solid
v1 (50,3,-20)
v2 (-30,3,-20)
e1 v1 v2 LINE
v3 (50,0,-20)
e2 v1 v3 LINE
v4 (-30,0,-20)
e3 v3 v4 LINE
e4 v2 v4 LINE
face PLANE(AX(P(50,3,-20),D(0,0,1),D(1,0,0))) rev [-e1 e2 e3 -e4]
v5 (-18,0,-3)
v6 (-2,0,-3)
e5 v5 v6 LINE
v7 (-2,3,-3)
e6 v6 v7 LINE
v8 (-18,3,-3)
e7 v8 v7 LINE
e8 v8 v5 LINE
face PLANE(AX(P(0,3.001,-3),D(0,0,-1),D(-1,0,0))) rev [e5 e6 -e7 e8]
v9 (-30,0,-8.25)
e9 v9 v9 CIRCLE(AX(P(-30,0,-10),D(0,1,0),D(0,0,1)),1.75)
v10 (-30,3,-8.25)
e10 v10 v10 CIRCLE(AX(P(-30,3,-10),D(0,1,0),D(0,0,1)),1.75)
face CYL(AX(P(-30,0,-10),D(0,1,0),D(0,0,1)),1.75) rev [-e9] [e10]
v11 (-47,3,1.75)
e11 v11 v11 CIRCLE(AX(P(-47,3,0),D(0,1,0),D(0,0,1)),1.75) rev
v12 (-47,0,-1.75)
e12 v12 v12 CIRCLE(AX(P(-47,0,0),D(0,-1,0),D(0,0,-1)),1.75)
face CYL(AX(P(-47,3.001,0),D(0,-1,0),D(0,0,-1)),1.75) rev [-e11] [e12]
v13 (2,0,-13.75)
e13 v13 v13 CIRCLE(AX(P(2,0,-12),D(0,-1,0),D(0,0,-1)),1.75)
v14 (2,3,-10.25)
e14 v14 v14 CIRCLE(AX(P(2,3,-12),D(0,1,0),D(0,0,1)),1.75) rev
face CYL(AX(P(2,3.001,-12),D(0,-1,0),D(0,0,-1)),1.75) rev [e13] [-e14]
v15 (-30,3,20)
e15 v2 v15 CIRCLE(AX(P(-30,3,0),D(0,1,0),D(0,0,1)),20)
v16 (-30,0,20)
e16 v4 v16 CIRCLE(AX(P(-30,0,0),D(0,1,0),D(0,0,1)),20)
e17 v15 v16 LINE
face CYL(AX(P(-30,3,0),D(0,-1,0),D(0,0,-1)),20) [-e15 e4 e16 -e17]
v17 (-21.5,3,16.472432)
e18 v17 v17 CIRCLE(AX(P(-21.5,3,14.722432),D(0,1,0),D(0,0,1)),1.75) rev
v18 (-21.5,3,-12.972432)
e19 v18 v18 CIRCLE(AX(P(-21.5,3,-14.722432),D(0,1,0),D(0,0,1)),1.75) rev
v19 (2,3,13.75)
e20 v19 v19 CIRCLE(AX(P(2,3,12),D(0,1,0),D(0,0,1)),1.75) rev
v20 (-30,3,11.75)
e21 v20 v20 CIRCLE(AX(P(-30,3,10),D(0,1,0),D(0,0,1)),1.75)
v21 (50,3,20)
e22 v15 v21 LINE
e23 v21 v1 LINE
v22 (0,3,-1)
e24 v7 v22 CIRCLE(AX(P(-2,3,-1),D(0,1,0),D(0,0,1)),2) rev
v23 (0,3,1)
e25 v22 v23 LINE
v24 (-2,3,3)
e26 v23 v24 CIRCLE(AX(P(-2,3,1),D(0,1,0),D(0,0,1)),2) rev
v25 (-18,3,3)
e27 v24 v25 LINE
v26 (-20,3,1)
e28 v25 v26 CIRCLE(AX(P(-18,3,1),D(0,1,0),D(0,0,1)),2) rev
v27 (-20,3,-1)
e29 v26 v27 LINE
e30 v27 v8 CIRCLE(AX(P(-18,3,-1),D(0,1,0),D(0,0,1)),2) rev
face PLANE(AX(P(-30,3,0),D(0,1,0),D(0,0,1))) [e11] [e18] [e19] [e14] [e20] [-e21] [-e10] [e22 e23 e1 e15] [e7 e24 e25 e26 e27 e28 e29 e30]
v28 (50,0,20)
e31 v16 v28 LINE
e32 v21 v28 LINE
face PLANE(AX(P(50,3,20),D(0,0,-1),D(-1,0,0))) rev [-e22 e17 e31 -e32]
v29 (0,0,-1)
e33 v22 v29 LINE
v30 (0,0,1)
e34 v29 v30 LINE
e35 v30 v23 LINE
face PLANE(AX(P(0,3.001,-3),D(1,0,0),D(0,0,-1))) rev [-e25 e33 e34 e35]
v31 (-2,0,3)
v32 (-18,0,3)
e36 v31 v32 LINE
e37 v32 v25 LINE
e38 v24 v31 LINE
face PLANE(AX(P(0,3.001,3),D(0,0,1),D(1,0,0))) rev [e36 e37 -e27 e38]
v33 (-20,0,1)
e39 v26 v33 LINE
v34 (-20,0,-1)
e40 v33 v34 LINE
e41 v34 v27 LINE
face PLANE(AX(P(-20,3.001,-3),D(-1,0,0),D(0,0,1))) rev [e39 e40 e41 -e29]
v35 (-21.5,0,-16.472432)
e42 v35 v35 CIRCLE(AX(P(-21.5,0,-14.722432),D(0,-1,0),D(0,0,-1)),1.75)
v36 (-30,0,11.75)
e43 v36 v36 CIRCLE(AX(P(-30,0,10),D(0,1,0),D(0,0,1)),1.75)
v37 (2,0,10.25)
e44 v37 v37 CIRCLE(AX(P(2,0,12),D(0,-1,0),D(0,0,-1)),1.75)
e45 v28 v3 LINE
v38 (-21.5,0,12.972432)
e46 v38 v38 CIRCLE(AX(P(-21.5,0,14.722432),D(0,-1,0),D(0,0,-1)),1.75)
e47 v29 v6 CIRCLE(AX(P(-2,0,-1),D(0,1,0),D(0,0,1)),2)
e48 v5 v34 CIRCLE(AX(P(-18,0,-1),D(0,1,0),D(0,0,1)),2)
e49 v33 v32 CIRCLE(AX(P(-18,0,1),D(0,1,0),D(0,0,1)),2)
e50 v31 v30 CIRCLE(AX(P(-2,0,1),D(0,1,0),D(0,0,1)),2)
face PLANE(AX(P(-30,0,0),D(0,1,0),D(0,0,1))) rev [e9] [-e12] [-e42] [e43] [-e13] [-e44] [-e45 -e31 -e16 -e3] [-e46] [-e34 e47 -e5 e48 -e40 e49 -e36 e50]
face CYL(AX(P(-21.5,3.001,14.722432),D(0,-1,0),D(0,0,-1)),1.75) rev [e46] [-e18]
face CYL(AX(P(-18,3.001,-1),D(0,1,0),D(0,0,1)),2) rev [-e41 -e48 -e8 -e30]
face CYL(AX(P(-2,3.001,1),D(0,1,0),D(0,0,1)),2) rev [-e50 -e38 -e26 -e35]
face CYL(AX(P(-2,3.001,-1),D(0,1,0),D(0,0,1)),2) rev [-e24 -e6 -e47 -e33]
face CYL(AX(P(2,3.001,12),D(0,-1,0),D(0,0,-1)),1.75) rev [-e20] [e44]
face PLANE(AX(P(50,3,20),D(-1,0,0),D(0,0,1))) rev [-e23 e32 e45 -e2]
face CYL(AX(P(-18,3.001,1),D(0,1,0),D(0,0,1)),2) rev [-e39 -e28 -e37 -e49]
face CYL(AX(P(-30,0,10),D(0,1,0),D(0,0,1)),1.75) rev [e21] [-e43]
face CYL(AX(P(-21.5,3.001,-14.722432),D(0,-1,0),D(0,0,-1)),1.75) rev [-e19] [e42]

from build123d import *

# Parameters (mm, degrees)
BOSS_EXTRUDE1_DEPTH = 3
SKETCH3_R           = 1.75
CUT_EXTRUDE1_DEPTH  = 4
CUT_EXTRUDE2_REACH  = 5
SKETCH4_W           = 20
SKETCH4_H           = 6
FILLET1_R           = 2
CUT_EXTRUDE3_REACH  = 5
SKETCH5_R           = 1.75
CUT_EXTRUDE4_REACH  = 5
SKETCH7_R           = 1.75


with BuildPart() as part:
    # Sketch1 → Boss-Extrude1 (new body)
    with BuildSketch(Plane(origin=(0, 0, 0), x_dir=(1, 0, 0), z_dir=(0, 1, 0))):
        with BuildLine():
            Line((50, -20), (-30, -20))
            ThreePointArc((-30, -20), (-50, 0), (-30, 20))
            Line((-30, 20), (50, 20))
            Line((50, 20), (50, -20))
        make_face()
    extrude(amount=BOSS_EXTRUDE1_DEPTH)

    # Sketch3 → Cut-Extrude1 (cut, through all)
    with BuildSketch(Plane(origin=(0, 3, 0), x_dir=(1, 0, 0), z_dir=(0, 1, 0))):
        with Locations((-30, 10)):
            Circle(SKETCH3_R)
        with Locations((-30, -10)):
            Circle(SKETCH3_R)
    extrude(amount=-CUT_EXTRUDE1_DEPTH, mode=Mode.SUBTRACT)

    # Sketch4 → Cut-Extrude2 (cut, up to next)
    with BuildSketch(Plane.XZ, mode=Mode.PRIVATE) as cut_extrude2_sk1:
        with Locations((-10, 0)):
            Rectangle(SKETCH4_W, SKETCH4_H)
    cut_extrude2_tool1 = extrude(cut_extrude2_sk1.sketch, amount=-CUT_EXTRUDE2_REACH, mode=Mode.PRIVATE) & part.part
    add(cut_extrude2_tool1.solids().sort_by_distance((-10, 0, 0))[0], mode=Mode.SUBTRACT)

    # Fillet1
    fillet1_edges = [part.edges().sort_by_distance(p)[0] for p in [
        (-20, 1.5, -3),
        (-20, 1.5, 3),
        (0, 1.5, 3),
        (0, 1.5, -3),
    ]]
    fillet(fillet1_edges, radius=FILLET1_R)

    # Sketch5 → Cut-Extrude3 (cut, up to next)
    with BuildSketch(Plane.XZ, mode=Mode.PRIVATE) as cut_extrude3_sk1:
        with Locations((-21.5, -14.722431864)):
            Circle(SKETCH5_R)
    cut_extrude3_tool1 = extrude(cut_extrude3_sk1.sketch, amount=-CUT_EXTRUDE3_REACH, mode=Mode.PRIVATE) & part.part
    add(cut_extrude3_tool1.solids().sort_by_distance((-21.5, 0, -14.722432))[0], mode=Mode.SUBTRACT)
    # Sketch5 → Cut-Extrude3 (cut, up to next)
    with BuildSketch(Plane.XZ, mode=Mode.PRIVATE) as cut_extrude3_sk2:
        with Locations((-21.5, 14.722431864)):
            Circle(SKETCH5_R)
    cut_extrude3_tool2 = extrude(cut_extrude3_sk2.sketch, amount=-CUT_EXTRUDE3_REACH, mode=Mode.PRIVATE) & part.part
    add(cut_extrude3_tool2.solids().sort_by_distance((-21.5, 0, 14.722432))[0], mode=Mode.SUBTRACT)
    # Sketch5 → Cut-Extrude3 (cut, up to next)
    with BuildSketch(Plane.XZ, mode=Mode.PRIVATE) as cut_extrude3_sk3:
        with Locations((-47, 0)):
            Circle(SKETCH5_R)
    cut_extrude3_tool3 = extrude(cut_extrude3_sk3.sketch, amount=-CUT_EXTRUDE3_REACH, mode=Mode.PRIVATE) & part.part
    add(cut_extrude3_tool3.solids().sort_by_distance((-47, 0, 0))[0], mode=Mode.SUBTRACT)

    # Sketch7 → Cut-Extrude4 (cut, up to next)
    with BuildSketch(Plane.XZ, mode=Mode.PRIVATE) as cut_extrude4_sk1:
        with Locations((2, 12)):
            Circle(SKETCH7_R)
    cut_extrude4_tool1 = extrude(cut_extrude4_sk1.sketch, amount=-CUT_EXTRUDE4_REACH, mode=Mode.PRIVATE) & part.part
    add(cut_extrude4_tool1.solids().sort_by_distance((2, 0, 12))[0], mode=Mode.SUBTRACT)
    # Sketch7 → Cut-Extrude4 (cut, up to next)
    with BuildSketch(Plane.XZ, mode=Mode.PRIVATE) as cut_extrude4_sk2:
        with Locations((2, -12)):
            Circle(SKETCH7_R)
    cut_extrude4_tool2 = extrude(cut_extrude4_sk2.sketch, amount=-CUT_EXTRUDE4_REACH, mode=Mode.PRIVATE) & part.part
    add(cut_extrude4_tool2.solids().sort_by_distance((2, 0, -12))[0], mode=Mode.SUBTRACT)


solid = part.part
